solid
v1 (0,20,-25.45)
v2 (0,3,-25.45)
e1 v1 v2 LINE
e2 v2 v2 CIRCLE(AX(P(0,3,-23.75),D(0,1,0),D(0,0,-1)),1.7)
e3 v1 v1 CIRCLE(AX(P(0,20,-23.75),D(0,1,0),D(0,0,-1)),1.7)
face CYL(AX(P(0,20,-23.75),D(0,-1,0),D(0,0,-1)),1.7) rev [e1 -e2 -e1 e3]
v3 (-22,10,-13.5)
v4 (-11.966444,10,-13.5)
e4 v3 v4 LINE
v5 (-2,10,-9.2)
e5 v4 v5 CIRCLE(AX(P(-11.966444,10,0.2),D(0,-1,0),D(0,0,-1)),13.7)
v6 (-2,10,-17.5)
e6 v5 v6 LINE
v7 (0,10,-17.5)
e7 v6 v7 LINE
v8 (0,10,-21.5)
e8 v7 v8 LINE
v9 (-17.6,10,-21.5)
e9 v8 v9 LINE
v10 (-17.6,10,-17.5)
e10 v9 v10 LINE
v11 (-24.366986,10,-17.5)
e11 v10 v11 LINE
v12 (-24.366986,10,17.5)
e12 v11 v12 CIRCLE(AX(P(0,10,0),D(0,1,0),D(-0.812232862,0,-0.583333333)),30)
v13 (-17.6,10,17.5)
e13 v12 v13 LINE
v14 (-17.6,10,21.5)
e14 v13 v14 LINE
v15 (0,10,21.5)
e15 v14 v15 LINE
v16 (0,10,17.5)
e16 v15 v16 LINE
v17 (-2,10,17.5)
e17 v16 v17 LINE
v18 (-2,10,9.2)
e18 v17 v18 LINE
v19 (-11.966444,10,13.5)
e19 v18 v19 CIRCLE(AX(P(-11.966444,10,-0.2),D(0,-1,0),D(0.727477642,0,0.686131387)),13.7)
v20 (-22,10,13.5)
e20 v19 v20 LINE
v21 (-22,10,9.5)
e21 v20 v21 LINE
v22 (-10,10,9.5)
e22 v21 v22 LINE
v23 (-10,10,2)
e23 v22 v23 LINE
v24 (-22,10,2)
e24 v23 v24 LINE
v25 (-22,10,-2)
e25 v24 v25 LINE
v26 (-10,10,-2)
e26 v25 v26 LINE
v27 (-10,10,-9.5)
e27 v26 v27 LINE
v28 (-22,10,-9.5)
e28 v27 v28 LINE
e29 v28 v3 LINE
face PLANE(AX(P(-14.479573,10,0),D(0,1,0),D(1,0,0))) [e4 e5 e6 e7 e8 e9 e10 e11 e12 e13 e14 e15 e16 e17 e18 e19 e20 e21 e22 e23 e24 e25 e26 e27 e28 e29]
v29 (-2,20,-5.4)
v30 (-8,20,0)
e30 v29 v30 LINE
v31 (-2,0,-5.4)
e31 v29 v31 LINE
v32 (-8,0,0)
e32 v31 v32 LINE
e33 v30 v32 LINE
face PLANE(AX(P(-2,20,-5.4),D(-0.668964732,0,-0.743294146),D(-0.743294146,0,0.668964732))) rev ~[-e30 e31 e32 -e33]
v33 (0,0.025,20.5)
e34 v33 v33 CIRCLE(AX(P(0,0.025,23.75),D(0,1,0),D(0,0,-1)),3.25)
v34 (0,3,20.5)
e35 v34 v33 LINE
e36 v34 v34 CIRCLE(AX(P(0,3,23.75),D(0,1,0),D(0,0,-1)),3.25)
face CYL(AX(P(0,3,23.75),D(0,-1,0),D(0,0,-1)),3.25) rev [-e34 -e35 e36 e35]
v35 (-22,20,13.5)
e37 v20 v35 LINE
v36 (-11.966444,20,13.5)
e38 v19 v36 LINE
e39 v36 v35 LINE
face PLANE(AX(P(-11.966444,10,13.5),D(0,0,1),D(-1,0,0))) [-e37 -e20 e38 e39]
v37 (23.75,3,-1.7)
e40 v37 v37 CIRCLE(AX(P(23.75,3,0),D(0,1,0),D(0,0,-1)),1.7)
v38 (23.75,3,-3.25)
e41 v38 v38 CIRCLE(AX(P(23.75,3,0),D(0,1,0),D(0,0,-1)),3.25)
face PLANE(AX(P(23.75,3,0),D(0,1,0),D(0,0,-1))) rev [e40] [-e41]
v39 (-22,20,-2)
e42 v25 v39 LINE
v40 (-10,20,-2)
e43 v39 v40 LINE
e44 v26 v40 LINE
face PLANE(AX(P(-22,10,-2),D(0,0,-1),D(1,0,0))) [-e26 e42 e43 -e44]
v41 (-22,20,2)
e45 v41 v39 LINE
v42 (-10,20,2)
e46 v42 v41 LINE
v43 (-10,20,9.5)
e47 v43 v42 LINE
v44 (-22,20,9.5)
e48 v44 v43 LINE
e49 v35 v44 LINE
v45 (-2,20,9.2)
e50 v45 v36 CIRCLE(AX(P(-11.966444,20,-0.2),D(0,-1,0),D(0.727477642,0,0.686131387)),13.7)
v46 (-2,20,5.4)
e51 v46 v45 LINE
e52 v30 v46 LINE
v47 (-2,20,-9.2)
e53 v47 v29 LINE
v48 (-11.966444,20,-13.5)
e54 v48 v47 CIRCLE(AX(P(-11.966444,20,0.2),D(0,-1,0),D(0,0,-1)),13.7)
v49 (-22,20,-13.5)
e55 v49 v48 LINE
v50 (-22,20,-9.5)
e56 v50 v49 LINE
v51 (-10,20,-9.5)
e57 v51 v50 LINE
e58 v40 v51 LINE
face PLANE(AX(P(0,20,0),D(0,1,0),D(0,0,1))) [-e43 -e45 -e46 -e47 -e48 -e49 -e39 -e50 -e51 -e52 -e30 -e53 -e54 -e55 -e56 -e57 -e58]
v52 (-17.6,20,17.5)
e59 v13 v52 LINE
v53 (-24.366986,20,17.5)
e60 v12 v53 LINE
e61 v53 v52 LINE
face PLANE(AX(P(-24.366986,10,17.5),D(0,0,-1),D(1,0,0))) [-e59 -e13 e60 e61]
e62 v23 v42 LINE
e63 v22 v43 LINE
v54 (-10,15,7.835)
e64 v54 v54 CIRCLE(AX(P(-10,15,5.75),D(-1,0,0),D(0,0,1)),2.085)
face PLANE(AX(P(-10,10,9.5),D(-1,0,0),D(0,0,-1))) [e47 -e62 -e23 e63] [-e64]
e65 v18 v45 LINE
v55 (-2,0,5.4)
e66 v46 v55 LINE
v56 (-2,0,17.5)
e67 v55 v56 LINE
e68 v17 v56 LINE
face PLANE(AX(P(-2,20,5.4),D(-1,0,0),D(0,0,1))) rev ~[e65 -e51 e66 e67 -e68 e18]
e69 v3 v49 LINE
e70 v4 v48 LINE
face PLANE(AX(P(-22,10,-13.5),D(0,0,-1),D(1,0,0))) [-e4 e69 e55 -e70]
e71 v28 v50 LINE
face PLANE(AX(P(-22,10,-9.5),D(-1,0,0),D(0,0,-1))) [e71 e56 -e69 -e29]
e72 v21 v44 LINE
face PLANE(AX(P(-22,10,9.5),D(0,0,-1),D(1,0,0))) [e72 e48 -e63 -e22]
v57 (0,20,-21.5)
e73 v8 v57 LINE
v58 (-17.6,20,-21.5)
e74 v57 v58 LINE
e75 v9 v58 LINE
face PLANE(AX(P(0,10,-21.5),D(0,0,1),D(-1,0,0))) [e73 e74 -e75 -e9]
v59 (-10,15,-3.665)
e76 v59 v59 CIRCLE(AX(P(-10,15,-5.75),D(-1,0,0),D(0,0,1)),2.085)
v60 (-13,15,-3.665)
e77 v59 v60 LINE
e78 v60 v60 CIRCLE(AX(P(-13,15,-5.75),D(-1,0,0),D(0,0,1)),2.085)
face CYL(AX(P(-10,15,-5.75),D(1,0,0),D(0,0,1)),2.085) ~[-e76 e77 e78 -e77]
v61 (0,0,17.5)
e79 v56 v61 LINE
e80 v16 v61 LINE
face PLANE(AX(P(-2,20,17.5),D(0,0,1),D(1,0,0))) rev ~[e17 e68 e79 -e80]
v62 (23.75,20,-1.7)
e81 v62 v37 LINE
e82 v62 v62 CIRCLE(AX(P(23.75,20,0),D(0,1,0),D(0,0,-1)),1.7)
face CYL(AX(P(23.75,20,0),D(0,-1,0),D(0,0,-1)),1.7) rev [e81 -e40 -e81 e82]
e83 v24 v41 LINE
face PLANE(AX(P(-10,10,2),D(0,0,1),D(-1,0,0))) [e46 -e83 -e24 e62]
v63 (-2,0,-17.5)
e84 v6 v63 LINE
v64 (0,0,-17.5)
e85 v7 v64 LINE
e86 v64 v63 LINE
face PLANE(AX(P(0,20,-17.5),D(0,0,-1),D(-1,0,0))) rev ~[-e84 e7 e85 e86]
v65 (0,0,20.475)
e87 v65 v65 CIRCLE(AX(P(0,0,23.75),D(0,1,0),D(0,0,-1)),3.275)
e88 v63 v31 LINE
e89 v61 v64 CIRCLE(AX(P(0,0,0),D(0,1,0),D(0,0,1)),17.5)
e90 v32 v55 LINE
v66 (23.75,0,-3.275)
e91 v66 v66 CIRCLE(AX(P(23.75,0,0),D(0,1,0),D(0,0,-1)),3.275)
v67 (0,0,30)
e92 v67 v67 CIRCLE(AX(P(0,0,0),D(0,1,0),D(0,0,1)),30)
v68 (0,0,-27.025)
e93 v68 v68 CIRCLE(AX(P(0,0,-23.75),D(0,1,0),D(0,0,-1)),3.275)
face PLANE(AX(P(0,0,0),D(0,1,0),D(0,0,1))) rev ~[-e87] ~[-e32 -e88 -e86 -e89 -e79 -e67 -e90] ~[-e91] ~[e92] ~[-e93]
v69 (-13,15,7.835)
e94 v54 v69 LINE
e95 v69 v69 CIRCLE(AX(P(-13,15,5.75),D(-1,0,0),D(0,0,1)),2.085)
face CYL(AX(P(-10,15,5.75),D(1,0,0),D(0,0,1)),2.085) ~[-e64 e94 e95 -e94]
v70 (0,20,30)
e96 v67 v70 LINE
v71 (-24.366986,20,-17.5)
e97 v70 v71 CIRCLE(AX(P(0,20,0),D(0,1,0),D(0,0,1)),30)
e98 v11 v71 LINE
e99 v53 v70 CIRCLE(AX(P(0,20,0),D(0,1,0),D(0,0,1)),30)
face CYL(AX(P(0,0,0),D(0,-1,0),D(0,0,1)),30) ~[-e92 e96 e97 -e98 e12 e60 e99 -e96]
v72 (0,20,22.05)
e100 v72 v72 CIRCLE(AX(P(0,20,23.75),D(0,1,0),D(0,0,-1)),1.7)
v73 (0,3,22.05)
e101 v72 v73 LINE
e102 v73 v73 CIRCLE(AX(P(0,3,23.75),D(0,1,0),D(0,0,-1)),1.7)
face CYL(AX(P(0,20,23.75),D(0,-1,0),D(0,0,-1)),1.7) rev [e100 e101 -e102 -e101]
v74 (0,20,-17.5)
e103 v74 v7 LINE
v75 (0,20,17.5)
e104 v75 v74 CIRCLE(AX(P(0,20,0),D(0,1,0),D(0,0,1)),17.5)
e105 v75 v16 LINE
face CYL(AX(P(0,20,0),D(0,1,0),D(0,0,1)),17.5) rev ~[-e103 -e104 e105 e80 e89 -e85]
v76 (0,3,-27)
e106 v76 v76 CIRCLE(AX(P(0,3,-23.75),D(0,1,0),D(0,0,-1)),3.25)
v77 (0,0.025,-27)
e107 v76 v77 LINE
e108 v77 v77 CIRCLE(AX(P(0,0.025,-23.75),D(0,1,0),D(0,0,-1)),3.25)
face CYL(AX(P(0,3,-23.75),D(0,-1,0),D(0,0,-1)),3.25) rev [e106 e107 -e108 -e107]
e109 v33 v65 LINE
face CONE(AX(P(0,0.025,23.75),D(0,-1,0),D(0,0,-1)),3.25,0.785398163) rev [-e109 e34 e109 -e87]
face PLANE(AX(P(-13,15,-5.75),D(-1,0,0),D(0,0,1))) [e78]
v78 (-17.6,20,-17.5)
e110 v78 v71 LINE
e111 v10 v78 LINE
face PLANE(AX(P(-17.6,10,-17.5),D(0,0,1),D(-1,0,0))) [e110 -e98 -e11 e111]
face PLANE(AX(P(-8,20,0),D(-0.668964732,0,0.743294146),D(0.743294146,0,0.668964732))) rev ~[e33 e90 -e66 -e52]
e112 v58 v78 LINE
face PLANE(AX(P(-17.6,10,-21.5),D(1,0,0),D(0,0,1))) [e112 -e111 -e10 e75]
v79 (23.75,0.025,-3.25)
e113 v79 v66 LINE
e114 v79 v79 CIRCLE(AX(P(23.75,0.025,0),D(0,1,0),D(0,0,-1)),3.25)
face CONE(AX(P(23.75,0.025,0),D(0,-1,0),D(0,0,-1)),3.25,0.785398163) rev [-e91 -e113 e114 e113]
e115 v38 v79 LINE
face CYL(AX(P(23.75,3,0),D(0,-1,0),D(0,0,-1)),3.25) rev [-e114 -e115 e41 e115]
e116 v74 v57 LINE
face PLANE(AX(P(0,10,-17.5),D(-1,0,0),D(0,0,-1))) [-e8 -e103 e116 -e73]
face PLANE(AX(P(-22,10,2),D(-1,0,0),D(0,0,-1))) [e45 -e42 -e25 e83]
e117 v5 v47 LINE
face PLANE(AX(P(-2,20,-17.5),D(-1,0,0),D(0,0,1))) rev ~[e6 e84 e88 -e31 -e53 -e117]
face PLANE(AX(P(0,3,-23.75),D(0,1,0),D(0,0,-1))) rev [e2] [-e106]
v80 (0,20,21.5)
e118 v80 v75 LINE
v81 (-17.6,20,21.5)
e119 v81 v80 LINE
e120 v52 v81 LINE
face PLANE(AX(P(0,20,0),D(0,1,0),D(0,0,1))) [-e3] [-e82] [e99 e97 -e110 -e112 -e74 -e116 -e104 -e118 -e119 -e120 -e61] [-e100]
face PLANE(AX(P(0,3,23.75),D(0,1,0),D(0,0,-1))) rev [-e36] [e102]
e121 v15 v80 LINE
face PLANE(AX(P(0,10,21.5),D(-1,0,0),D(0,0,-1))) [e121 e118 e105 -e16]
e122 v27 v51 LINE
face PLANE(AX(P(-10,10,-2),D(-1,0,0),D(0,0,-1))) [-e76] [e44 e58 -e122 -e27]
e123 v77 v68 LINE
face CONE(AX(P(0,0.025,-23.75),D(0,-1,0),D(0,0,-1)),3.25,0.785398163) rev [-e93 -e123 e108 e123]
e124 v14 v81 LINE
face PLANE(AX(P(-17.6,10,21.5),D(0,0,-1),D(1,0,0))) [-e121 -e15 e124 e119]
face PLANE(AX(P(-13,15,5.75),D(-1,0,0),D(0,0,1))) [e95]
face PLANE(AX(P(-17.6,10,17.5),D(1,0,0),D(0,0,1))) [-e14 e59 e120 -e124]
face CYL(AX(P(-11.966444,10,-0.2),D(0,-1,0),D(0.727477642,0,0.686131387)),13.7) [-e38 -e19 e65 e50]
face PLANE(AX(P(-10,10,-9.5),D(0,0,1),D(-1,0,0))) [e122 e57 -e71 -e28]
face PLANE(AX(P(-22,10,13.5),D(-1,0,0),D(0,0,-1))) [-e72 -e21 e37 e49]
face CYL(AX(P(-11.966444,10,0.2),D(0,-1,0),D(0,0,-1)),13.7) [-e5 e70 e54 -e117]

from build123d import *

# Parameters (mm, degrees)
SKETCH2_R                     = 30
BOSS_EXTRUDE1_DEPTH           = 20
CUT_EXTRUDE2_DEPTH            = 47.904157598
CUT_EXTRUDE3_START            = -10
CUT_EXTRUDE3_DEPTH            = 10
CBORE_FOR_M3_SHCS1_AT_2_COUNT = 2
CBORE_FOR_M3_SHCS1_AT_2_PITCH = 33.587572106
CBORE_FOR_M3_SHCS1_AT_3_COUNT = 2
CBORE_FOR_M3_SHCS1_AT_3_PITCH = 47.5
SKETCH6_R                     = 2.085
BOSS_EXTRUDE2_DEPTH           = 3


with BuildPart() as part:
    # Sketch2 → Boss-Extrude1 (new body)
    with BuildSketch(Plane(origin=(0, 0, 0), x_dir=(1, 0, 0), z_dir=(0, 1, 0))):
        Circle(SKETCH2_R)
    extrude(amount=BOSS_EXTRUDE1_DEPTH)

    # Sketch3 → Cut-Extrude2 (cut, through all)
    with BuildSketch(Plane(origin=(0, 20, 0), x_dir=(1, 0, 0), z_dir=(0, 1, 0))):
        with BuildLine():
            ThreePointArc((0, -17.5), (17.5, 0), (0, 17.5))
            Line((0, 17.5), (-2, 17.5))
            Line((-2, 17.5), (-2, 9.2))
            Line((-2, 9.2), (-2, 5.4))
            Line((-2, 5.4), (-8, 0))
            Line((-8, 0), (-2, -5.4))
            Line((-2, -5.4), (-2, -9.2))
            Line((-2, -9.2), (-2, -17.5))
            Line((-2, -17.5), (0, -17.5))
        make_face()
    extrude(amount=-CUT_EXTRUDE2_DEPTH, mode=Mode.SUBTRACT)

    # Sketch3<3> → Cut-Extrude3 (cut)
    with BuildSketch(Plane(origin=(0, 20, 0), x_dir=(1, 0, 0), z_dir=(0, 1, 0)).offset(CUT_EXTRUDE3_START)):
        with BuildLine():
            Line((-17.6, 17.5), (-24.366985862, 17.5))
            ThreePointArc((-24.366985862, 17.5), (-30, 0), (-24.366985862, -17.5))
            Line((-24.366985862, -17.5), (-17.6, -17.5))
            Line((-17.6, -17.5), (-17.6, -21.5))
            Line((-17.6, -21.5), (0, -21.5))
            Line((0, -21.5), (0, -17.5))
            Line((0, -17.5), (-2, -17.5))
            Line((-2, -17.5), (-2, -9.2))
            ThreePointArc((-2, -9.2), (-6.53919762, -12.379149415), (-11.966443699, -13.5))
            Line((-11.966443699, -13.5), (-22, -13.5))
            Line((-22, -13.5), (-22, -9.5))
            Line((-22, -9.5), (-10, -9.5))
            Line((-10, -9.5), (-10, -2))
            Line((-10, -2), (-22, -2))
            Line((-22, -2), (-22, 2))
            Line((-22, 2), (-10, 2))
            Line((-10, 2), (-10, 9.5))
            Line((-10, 9.5), (-22, 9.5))
            Line((-22, 9.5), (-22, 13.5))
            Line((-22, 13.5), (-11.966443699, 13.5))
            ThreePointArc((-11.966443699, 13.5), (-6.53919762, 12.379149415), (-2, 9.2))
            Line((-2, 9.2), (-2, 17.5))
            Line((-2, 17.5), (0, 17.5))
            Line((0, 17.5), (0, 21.5))
            Line((0, 21.5), (-17.6, 21.5))
            Line((-17.6, 21.5), (-17.6, 17.5))
        make_face()
    extrude(amount=CUT_EXTRUDE3_DEPTH, mode=Mode.SUBTRACT)

    # Sketch5 → CBORE for M3 SHCS1 (revolve, cut)
    with BuildSketch(Plane(origin=(0, 0, -23.75), x_dir=(0, 0, -1), z_dir=(1, 0, 0))):
        Polygon((0, 0), (0, 20), (1.7, 20), (1.7, 3), (3.25, 3), (3.25, 0.025), (3.275, 0), align=None)
    cbore_for_m3_shcs1 = revolve(axis=Axis((0, -6.35, -23.75), (0, 1, 0)), mode=Mode.SUBTRACT)

    # CBORE for M3 SHCS1 at 2: CBORE for M3 SHCS1 ×2
    with Locations(*[Vector(0.7071067811865476, 0, 0.7071067811865476) * (i * CBORE_FOR_M3_SHCS1_AT_2_PITCH) for i in range(1, CBORE_FOR_M3_SHCS1_AT_2_COUNT)]):
        add(cbore_for_m3_shcs1, mode=Mode.SUBTRACT)

    # CBORE for M3 SHCS1 at 3: CBORE for M3 SHCS1 ×2
    with Locations(*[(0, 0, i * CBORE_FOR_M3_SHCS1_AT_3_PITCH) for i in range(1, CBORE_FOR_M3_SHCS1_AT_3_COUNT)]):
        add(cbore_for_m3_shcs1, mode=Mode.SUBTRACT)

    # Sketch6 → Boss-Extrude2 (add)
    with BuildSketch(Plane.ZY.offset(10)):
        with Locations((-5.75, 15)):
            Circle(SKETCH6_R)
        with Locations((5.75, 15)):
            Circle(SKETCH6_R)
    extrude(amount=BOSS_EXTRUDE2_DEPTH)


solid = part.part
